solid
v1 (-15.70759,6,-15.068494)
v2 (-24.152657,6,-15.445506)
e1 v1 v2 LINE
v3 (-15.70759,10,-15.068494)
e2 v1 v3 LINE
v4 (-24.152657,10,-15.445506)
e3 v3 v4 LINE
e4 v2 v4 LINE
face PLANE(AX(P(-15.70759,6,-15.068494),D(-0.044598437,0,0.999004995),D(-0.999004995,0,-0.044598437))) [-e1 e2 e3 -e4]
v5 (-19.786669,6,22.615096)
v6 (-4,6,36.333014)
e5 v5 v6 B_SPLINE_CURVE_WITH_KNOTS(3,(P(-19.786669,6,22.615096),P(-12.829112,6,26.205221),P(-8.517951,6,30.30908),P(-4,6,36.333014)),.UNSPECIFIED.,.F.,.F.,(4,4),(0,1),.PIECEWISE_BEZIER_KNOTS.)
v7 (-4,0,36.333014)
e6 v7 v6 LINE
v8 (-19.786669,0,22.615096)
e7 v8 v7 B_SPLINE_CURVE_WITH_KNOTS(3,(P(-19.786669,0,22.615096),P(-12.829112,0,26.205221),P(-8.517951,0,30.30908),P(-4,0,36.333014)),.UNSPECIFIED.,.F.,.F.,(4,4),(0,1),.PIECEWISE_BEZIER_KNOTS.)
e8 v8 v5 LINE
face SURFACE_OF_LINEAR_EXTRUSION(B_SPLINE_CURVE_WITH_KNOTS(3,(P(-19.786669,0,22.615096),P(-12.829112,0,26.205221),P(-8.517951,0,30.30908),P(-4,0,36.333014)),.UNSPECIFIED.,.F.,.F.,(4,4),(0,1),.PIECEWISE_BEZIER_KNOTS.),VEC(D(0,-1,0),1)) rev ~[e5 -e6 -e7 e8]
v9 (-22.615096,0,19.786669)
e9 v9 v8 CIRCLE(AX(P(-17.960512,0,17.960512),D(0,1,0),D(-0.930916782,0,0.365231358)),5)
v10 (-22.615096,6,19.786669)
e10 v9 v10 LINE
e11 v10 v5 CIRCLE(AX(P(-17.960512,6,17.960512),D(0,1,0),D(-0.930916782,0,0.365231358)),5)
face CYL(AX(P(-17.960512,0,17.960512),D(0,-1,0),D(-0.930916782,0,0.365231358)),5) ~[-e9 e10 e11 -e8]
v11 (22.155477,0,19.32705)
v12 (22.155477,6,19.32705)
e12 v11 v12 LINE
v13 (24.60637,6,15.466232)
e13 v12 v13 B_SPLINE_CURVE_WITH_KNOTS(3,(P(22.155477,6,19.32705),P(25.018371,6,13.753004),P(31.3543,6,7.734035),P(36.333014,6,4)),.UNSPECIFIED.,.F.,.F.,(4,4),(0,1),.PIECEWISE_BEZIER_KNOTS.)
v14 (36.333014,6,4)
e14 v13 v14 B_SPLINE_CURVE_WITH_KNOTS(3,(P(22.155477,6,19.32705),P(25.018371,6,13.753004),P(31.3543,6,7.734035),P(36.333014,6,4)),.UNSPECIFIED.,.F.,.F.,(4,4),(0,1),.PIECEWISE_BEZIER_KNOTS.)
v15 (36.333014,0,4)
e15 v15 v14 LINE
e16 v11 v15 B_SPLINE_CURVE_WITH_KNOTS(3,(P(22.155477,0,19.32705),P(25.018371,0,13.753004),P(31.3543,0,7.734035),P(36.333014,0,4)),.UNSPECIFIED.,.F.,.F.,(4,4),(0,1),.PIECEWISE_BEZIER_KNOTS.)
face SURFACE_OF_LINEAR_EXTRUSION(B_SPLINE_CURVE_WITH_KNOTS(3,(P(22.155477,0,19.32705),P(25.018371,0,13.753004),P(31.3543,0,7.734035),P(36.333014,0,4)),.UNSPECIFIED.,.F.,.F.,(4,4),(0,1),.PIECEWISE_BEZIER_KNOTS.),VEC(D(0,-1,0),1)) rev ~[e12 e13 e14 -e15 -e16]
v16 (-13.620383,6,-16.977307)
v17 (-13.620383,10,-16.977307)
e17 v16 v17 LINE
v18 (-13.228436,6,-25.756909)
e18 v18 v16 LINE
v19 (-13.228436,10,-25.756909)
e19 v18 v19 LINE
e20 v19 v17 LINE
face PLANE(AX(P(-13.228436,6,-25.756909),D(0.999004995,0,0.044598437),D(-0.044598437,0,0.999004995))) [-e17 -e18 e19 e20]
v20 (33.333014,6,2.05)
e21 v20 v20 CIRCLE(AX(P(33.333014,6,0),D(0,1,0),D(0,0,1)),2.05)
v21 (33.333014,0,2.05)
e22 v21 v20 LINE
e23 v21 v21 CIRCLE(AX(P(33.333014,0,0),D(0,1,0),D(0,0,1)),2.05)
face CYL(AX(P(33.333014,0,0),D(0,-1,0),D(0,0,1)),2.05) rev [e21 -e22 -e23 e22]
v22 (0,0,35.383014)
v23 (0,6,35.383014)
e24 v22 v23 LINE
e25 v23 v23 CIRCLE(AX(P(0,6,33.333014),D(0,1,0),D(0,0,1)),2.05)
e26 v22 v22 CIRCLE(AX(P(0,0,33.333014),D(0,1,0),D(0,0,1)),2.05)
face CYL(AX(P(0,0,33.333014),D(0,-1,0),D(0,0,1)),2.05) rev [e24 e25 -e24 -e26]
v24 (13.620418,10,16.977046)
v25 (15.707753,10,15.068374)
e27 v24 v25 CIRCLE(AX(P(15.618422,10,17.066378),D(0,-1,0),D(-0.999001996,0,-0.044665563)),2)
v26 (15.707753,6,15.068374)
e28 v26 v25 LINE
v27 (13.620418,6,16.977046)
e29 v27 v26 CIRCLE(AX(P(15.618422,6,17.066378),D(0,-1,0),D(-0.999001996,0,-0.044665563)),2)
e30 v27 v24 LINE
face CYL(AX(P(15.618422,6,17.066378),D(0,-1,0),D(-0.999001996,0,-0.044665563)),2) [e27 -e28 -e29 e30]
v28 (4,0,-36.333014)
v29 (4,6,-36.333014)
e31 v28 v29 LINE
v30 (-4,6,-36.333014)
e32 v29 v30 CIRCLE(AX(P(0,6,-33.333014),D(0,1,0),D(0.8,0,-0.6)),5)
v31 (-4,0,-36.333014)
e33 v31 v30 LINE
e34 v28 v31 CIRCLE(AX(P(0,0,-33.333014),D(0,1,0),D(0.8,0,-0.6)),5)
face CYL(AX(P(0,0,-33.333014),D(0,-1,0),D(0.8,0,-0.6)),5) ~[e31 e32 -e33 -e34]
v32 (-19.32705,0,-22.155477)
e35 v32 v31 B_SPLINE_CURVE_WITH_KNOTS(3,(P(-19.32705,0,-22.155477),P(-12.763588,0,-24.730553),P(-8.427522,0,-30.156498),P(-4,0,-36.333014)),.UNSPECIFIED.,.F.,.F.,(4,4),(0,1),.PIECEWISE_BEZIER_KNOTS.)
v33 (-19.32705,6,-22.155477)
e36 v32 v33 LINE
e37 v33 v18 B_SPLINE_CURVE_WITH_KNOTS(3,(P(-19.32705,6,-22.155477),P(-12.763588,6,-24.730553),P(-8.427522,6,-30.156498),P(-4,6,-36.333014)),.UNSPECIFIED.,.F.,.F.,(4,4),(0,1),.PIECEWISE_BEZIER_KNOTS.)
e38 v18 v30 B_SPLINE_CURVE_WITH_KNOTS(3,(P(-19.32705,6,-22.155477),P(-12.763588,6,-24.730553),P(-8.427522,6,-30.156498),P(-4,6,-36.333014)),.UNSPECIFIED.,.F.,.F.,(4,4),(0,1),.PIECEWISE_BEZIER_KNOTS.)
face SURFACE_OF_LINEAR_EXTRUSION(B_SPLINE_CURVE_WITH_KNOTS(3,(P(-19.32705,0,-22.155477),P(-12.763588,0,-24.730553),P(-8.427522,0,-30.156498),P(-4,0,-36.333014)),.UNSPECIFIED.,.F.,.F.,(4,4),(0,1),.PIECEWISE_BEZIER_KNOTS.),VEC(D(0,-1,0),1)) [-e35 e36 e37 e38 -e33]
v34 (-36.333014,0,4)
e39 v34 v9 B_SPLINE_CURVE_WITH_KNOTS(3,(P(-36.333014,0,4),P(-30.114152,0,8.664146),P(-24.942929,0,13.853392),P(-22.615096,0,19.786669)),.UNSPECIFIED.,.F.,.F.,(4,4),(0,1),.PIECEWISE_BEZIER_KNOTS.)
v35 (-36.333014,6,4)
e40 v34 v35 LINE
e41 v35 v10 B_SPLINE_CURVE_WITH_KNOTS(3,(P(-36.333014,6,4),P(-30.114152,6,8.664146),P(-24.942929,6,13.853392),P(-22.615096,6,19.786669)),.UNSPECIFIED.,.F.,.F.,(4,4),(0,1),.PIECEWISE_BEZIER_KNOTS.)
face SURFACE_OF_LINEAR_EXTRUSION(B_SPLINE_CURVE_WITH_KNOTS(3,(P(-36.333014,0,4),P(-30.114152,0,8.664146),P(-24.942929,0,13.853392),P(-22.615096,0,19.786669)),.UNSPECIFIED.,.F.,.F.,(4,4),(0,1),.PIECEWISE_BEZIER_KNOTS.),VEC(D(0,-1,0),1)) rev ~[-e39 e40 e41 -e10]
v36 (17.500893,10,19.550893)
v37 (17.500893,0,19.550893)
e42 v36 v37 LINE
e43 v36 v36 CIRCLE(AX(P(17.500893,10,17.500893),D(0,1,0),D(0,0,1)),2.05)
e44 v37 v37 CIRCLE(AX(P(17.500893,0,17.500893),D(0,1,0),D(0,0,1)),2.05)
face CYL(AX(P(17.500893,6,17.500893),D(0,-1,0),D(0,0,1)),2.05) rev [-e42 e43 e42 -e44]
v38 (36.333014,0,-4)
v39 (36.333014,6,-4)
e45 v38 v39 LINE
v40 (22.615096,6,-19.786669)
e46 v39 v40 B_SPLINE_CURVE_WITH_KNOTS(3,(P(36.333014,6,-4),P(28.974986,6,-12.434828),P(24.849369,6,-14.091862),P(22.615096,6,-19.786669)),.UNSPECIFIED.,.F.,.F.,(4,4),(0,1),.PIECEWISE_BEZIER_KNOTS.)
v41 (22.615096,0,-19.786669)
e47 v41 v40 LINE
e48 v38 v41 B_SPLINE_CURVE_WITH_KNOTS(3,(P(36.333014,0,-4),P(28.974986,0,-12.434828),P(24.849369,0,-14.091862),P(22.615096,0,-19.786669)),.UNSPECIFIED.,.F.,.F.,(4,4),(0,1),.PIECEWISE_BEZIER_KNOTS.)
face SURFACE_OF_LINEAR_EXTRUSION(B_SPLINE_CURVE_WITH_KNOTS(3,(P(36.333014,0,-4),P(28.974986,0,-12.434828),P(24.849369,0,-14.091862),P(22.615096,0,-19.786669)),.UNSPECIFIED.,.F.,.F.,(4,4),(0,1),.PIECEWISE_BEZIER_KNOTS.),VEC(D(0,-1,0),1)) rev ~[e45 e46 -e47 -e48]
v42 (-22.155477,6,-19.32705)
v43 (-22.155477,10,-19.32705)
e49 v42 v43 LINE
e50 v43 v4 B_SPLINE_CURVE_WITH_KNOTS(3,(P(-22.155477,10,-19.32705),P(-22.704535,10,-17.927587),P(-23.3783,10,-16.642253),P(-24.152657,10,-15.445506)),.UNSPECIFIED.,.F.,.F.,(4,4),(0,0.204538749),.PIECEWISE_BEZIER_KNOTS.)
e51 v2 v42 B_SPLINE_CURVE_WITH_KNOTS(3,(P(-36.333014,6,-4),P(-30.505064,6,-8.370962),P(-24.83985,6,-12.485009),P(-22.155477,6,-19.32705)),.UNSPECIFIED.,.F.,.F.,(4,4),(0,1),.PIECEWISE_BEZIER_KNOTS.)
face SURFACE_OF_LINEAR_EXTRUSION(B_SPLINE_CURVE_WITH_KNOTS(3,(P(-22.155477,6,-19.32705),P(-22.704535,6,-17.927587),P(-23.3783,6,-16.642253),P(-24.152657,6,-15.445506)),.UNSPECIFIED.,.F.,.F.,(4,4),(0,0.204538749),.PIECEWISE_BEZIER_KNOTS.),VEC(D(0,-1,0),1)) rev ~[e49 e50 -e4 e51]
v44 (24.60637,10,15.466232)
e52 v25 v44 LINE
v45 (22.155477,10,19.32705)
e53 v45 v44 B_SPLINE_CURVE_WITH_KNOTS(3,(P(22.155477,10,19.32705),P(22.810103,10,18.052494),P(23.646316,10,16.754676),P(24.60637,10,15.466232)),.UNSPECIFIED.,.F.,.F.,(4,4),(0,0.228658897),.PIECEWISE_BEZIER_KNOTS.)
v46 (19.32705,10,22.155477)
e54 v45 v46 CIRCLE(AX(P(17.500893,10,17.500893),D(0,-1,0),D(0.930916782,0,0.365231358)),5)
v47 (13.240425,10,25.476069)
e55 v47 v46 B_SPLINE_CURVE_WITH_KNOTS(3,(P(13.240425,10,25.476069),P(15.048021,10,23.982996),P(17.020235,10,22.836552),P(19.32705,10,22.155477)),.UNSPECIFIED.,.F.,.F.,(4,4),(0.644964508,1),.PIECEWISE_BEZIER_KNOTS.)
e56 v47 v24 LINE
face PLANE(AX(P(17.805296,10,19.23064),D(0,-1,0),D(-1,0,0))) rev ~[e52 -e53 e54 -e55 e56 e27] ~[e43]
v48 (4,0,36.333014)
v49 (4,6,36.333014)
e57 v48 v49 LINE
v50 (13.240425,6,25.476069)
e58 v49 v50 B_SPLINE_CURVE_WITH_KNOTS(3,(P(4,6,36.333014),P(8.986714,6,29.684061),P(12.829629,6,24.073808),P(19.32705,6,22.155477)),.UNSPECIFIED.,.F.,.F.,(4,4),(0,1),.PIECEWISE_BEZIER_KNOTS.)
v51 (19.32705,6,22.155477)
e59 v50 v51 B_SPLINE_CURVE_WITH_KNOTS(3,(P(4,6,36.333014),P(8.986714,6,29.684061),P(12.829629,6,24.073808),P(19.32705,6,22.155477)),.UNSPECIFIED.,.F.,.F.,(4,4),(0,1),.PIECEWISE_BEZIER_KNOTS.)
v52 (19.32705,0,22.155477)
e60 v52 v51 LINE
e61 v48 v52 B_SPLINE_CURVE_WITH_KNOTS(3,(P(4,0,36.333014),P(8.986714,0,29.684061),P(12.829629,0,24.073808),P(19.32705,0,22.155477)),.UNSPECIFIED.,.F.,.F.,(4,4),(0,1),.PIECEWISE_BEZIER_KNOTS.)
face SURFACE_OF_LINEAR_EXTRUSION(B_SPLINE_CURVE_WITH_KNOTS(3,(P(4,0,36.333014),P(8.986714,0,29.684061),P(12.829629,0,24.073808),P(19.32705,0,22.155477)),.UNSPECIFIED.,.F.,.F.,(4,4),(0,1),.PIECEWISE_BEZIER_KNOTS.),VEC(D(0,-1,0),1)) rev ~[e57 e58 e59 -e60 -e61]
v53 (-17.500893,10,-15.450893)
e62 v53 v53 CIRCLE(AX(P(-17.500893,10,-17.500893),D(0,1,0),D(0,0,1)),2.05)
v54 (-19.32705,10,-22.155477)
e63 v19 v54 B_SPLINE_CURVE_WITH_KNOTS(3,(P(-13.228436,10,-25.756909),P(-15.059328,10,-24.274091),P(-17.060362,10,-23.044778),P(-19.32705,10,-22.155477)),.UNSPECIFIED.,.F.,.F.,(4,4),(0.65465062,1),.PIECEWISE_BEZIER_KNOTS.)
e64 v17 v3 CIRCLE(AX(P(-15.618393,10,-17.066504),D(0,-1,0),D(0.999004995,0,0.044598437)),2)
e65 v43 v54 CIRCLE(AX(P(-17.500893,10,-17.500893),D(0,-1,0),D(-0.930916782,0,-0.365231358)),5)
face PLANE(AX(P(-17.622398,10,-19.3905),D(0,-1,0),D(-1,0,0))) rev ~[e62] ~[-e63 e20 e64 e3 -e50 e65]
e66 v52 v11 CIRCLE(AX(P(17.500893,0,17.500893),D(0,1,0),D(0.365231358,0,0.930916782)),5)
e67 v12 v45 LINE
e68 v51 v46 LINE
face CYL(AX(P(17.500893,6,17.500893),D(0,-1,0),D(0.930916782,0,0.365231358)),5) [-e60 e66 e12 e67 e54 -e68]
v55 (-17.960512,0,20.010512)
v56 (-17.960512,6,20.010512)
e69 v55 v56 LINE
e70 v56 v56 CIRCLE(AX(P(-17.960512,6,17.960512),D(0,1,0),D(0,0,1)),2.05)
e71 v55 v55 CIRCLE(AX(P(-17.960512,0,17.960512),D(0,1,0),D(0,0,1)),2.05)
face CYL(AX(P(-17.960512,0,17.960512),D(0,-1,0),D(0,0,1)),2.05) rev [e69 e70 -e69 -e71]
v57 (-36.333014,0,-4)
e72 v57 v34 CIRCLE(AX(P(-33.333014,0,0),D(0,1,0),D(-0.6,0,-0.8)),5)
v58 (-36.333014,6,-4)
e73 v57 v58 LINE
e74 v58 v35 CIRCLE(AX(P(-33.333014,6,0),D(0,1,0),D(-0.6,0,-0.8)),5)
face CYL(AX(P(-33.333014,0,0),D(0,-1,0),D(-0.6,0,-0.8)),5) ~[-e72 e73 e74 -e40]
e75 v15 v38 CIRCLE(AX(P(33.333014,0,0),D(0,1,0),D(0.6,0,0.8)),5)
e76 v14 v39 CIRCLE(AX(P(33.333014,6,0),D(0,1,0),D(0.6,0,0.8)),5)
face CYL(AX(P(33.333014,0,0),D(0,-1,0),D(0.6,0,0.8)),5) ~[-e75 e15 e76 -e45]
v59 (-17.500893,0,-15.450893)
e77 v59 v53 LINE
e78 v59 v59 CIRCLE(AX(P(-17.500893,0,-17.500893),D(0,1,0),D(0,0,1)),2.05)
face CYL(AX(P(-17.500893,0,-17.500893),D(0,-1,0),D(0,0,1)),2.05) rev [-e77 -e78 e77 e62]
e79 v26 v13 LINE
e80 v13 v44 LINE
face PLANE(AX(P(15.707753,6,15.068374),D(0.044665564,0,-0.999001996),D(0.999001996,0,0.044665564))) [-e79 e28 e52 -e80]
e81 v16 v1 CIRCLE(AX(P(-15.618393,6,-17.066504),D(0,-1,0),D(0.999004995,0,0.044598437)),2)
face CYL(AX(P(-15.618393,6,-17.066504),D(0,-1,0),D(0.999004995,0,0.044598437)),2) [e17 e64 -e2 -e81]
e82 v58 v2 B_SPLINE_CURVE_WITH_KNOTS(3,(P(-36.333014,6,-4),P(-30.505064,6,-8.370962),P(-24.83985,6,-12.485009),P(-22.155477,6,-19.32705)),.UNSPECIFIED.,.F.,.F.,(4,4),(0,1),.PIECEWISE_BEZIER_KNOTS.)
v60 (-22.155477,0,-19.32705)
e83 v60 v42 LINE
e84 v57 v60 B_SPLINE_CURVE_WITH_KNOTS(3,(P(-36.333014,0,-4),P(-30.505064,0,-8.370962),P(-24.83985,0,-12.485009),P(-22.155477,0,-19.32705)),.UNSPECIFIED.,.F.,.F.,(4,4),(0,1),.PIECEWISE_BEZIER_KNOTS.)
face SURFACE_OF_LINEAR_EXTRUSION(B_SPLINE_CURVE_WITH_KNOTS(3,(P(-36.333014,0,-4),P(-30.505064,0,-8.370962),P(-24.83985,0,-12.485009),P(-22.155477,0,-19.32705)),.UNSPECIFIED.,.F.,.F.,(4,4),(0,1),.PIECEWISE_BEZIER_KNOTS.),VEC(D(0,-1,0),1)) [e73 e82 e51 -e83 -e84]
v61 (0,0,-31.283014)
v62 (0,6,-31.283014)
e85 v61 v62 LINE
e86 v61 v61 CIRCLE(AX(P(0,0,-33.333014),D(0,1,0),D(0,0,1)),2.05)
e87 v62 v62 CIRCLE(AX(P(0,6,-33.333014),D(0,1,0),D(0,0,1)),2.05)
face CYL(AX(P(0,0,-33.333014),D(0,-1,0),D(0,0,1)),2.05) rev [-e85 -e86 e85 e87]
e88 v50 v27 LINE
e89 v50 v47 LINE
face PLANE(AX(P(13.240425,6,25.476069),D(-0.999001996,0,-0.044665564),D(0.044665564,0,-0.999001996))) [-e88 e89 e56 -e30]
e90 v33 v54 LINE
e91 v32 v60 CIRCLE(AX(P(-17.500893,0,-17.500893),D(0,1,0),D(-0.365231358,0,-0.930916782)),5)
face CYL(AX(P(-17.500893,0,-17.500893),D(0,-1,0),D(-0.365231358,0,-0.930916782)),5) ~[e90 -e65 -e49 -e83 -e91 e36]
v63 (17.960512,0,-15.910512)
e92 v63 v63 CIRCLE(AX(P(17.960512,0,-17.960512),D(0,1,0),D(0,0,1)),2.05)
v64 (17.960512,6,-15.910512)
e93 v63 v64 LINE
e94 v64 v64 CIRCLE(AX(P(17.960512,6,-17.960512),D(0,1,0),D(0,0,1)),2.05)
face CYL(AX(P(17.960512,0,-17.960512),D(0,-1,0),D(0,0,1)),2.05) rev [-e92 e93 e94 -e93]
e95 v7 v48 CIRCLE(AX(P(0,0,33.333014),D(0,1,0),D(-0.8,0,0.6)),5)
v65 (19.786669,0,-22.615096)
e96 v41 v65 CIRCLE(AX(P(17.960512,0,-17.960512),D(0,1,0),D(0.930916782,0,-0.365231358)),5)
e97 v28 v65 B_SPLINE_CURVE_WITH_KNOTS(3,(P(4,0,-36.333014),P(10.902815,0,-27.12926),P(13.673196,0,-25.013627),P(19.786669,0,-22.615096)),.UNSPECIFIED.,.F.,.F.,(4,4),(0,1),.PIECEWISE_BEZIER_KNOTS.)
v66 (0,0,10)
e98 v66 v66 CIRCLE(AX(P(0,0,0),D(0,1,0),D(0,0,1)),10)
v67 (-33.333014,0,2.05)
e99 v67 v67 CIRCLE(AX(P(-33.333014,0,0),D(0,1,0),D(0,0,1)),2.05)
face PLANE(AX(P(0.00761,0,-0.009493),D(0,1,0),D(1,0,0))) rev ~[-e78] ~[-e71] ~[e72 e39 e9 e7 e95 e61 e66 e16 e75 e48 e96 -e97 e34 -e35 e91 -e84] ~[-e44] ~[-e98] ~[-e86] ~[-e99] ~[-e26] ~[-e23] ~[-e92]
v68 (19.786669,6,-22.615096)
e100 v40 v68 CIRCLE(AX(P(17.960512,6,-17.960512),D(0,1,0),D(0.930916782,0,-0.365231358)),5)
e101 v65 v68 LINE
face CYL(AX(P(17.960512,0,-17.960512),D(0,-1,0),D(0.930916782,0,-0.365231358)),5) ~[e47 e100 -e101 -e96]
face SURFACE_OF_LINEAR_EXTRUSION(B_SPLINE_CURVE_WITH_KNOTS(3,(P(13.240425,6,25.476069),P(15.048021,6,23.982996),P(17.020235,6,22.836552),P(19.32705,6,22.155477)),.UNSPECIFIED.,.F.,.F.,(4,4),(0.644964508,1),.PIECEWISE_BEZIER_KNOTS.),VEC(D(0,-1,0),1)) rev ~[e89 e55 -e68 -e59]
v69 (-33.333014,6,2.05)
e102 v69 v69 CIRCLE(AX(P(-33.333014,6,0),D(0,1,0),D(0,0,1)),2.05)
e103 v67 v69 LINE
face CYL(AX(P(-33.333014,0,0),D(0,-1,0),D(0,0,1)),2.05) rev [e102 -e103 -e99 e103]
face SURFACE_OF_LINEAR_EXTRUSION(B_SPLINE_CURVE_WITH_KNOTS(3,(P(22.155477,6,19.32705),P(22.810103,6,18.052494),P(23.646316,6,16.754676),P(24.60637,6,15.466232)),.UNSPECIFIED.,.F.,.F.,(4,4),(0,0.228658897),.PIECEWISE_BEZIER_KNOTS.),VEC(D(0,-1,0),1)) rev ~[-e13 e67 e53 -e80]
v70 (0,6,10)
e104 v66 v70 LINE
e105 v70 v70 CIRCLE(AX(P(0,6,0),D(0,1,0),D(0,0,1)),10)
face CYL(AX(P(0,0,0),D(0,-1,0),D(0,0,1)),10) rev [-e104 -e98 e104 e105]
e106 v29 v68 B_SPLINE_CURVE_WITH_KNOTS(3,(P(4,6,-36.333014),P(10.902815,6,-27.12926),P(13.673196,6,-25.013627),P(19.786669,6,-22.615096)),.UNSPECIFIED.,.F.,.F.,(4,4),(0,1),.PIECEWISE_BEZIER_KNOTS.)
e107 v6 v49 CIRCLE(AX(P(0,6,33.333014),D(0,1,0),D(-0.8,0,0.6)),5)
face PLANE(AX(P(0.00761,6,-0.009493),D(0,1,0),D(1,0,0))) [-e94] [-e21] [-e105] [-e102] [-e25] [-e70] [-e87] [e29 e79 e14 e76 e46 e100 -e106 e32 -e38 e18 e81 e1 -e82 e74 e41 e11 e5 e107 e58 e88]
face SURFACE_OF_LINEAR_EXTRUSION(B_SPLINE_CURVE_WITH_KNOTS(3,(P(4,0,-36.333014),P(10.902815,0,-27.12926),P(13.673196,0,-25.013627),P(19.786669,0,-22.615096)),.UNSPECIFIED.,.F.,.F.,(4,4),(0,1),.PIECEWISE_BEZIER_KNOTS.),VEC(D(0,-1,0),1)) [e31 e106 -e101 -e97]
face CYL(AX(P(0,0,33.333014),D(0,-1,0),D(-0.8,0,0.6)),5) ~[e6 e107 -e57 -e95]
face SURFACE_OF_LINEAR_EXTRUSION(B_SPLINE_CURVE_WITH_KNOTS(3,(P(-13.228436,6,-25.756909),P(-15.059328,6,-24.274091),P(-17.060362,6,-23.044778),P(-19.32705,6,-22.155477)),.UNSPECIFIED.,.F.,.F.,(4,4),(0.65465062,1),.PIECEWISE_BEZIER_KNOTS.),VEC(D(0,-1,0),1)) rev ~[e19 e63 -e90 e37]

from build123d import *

# Parameters (mm, degrees)
SKETCH2_R           = 2.05
SKETCH2_R_2         = 10
BOSS_EXTRUDE1_DEPTH = 6
SKETCH4_R           = 2.05
BOSS_EXTRUDE2_DEPTH = 4


with BuildPart() as part:
    # Sketch2 → Boss-Extrude1 (new body)
    with BuildSketch(Plane(origin=(0, 0, 0), x_dir=(1, 0, 0), z_dir=(0, 1, 0))):
        with BuildLine():
            ThreePointArc((4, 36.333013665), (0, 38.333013665), (-4, 36.333013665))
            add(Edge.make_bspline(
                [(-19.327049621, 22.155476746), (-12.763587626, 24.730553465), (-8.427522415, 30.156498127), (-4, 36.333013665)],
                knots=[0, 0, 0, 0, 1, 1, 1, 1], degree=3))
            ThreePointArc((-19.327049621, 22.155476746), (-21.03642674, 21.03642674), (-22.155476746, 19.327049621))
            add(Edge.make_bspline(
                [(-36.333013665, 4), (-30.505064465, 8.3709619), (-24.839849632, 12.485009038), (-22.155476746, 19.327049621)],
                knots=[0, 0, 0, 0, 1, 1, 1, 1], degree=3))
            ThreePointArc((-36.333013665, 4), (-38.333013665, 0), (-36.333013665, -4))
            add(Edge.make_bspline(
                [(-36.333013665, -4), (-30.114152071, -8.664146195), (-24.942929086, -13.853392219), (-22.615096154, -19.786669029)],
                knots=[0, 0, 0, 0, 1, 1, 1, 1], degree=3))
            ThreePointArc((-22.615096154, -19.786669029), (-21.496046148, -21.496046148), (-19.786669029, -22.615096154))
            add(Edge.make_bspline(
                [(-19.786669029, -22.615096154), (-12.829111765, -26.205220822), (-8.517950555, -30.309079592), (-4, -36.333013665)],
                knots=[0, 0, 0, 0, 1, 1, 1, 1], degree=3))
            ThreePointArc((-4, -36.333013665), (0, -38.333013665), (4, -36.333013665))
            add(Edge.make_bspline(
                [(4, -36.333013665), (8.986714341, -29.68406121), (12.829629407, -24.073808118), (19.327049621, -22.155476746)],
                knots=[0, 0, 0, 0, 1, 1, 1, 1], degree=3))
            ThreePointArc((19.327049621, -22.155476746), (21.03642674, -21.03642674), (22.155476746, -19.327049621))
            add(Edge.make_bspline(
                [(22.155476746, -19.327049621), (25.018370869, -13.753003663), (31.354300327, -7.734035003), (36.333013665, -4)],
                knots=[0, 0, 0, 0, 1, 1, 1, 1], degree=3))
            ThreePointArc((36.333013665, -4), (38.333013665, 0), (36.333013665, 4))
            add(Edge.make_bspline(
                [(36.333013665, 4), (28.974985707, 12.434827797), (24.849369186, 14.09186156), (22.615096154, 19.786669029)],
                knots=[0, 0, 0, 0, 1, 1, 1, 1], degree=3))
            ThreePointArc((22.615096154, 19.786669029), (21.496046148, 21.496046148), (19.786669029, 22.615096154))
            add(Edge.make_bspline(
                [(4, 36.333013665), (10.902815442, 27.129259742), (13.673195705, 25.013626509), (19.786669029, 22.615096154)],
                knots=[0, 0, 0, 0, 1, 1, 1, 1], degree=3))
        make_face()
        with Locations(Location((0, 33.333013665, 0), (0, 0, 270))):
            Circle(SKETCH2_R, mode=Mode.SUBTRACT)
        with Locations(Location((33.333013665, 0, 0), (0, 0, 270))):
            Circle(SKETCH2_R, mode=Mode.SUBTRACT)
        with Locations(Location((0, -33.333013665, 0), (0, 0, 270))):
            Circle(SKETCH2_R, mode=Mode.SUBTRACT)
        with Locations(Location((-33.333013665, 0, 0), (0, 0, 270))):
            Circle(SKETCH2_R, mode=Mode.SUBTRACT)
        with Locations(Location((0, 0, 0), (0, 0, 270))):
            Circle(SKETCH2_R_2, mode=Mode.SUBTRACT)
        with Locations(Location((-17.500892834, 17.500892834, 0), (0, 0, 270))):
            Circle(SKETCH2_R, mode=Mode.SUBTRACT)
        with Locations(Location((-17.960512242, -17.960512242, 0), (0, 0, 270))):
            Circle(SKETCH2_R, mode=Mode.SUBTRACT)
        with Locations(Location((17.960512242, 17.960512242, 0), (0, 0, 270))):
            Circle(SKETCH2_R, mode=Mode.SUBTRACT)
        with Locations(Location((17.500892834, -17.500892834, 0), (0, 0, 270))):
            Circle(SKETCH2_R, mode=Mode.SUBTRACT)
    extrude(amount=BOSS_EXTRUDE1_DEPTH)

    # Sketch4 → Boss-Extrude2 (add)
    # profile 1 of 2: a face of its own
    with BuildSketch(Plane(origin=(0, 6, 0), x_dir=(1, 0, 0), z_dir=(0, 1, 0))):
        with BuildLine():
            Line((15.707753118, -15.068373573), (24.606369586, -15.466232362))
            add(Edge.make_bspline(
                [(22.155476746, -19.327049621), (22.810102957, -18.052494423), (23.646316442, -16.75467649), (24.606369586, -15.466232362)],
                knots=[0, 0, 0, 0, 0.228658897, 0.228658897, 0.228658897, 0.228658897], degree=3))
            ThreePointArc((22.155476746, -19.327049621), (21.03642674, -21.03642674), (19.327049621, -22.155476746))
            add(Edge.make_bspline(
                [(13.240425147, -25.476068549), (15.048020958, -23.982995667), (17.020234836, -22.836552469), (19.327049621, -22.155476746)],
                knots=[0.644964508, 0.644964508, 0.644964508, 0.644964508, 1, 1, 1, 1], degree=3))
            Line((13.240425147, -25.476068549), (13.620417999, -16.977046436))
            ThreePointArc((13.620417999, -16.977046436), (14.268786465, -15.590408746), (15.707753118, -15.068373573))
        make_face()
        with Locations(Location((17.500892834, -17.500892834, 0), (0, 0, 270))):
            Circle(SKETCH4_R, mode=Mode.SUBTRACT)
    # profile 2 of 2: a face of its own
    with BuildSketch(Plane(origin=(0, 6, 0), x_dir=(1, 0, 0), z_dir=(0, 1, 0))):
        with BuildLine():
            Line((-13.228436316, 25.756908597), (-13.620382808, 16.977307181))
            ThreePointArc((-13.620382808, 16.977307181), (-14.2686581, 15.590625928), (-15.707589672, 15.068494066))
            Line((-15.707589672, 15.068494066), (-24.152657128, 15.445506006))
            add(Edge.make_bspline(
                [(-22.155476746, 19.327049621), (-22.704535018, 17.927587199), (-23.378300091, 16.642253384), (-24.152657128, 15.445506006)],
                knots=[0, 0, 0, 0, 0.204538749, 0.204538749, 0.204538749, 0.204538749], degree=3))
            ThreePointArc((-22.155476746, 19.327049621), (-21.03642674, 21.03642674), (-19.327049621, 22.155476746))
            add(Edge.make_bspline(
                [(-13.228436316, 25.756908597), (-15.059327702, 24.27409121), (-17.060362093, 23.044777893), (-19.327049621, 22.155476746)],
                knots=[0.65465062, 0.65465062, 0.65465062, 0.65465062, 1, 1, 1, 1], degree=3))
        make_face()
        with Locations(Location((-17.500892834, 17.500892834, 0), (0, 0, 270))):
            Circle(SKETCH4_R, mode=Mode.SUBTRACT)
    extrude(amount=BOSS_EXTRUDE2_DEPTH)


solid = part.part
